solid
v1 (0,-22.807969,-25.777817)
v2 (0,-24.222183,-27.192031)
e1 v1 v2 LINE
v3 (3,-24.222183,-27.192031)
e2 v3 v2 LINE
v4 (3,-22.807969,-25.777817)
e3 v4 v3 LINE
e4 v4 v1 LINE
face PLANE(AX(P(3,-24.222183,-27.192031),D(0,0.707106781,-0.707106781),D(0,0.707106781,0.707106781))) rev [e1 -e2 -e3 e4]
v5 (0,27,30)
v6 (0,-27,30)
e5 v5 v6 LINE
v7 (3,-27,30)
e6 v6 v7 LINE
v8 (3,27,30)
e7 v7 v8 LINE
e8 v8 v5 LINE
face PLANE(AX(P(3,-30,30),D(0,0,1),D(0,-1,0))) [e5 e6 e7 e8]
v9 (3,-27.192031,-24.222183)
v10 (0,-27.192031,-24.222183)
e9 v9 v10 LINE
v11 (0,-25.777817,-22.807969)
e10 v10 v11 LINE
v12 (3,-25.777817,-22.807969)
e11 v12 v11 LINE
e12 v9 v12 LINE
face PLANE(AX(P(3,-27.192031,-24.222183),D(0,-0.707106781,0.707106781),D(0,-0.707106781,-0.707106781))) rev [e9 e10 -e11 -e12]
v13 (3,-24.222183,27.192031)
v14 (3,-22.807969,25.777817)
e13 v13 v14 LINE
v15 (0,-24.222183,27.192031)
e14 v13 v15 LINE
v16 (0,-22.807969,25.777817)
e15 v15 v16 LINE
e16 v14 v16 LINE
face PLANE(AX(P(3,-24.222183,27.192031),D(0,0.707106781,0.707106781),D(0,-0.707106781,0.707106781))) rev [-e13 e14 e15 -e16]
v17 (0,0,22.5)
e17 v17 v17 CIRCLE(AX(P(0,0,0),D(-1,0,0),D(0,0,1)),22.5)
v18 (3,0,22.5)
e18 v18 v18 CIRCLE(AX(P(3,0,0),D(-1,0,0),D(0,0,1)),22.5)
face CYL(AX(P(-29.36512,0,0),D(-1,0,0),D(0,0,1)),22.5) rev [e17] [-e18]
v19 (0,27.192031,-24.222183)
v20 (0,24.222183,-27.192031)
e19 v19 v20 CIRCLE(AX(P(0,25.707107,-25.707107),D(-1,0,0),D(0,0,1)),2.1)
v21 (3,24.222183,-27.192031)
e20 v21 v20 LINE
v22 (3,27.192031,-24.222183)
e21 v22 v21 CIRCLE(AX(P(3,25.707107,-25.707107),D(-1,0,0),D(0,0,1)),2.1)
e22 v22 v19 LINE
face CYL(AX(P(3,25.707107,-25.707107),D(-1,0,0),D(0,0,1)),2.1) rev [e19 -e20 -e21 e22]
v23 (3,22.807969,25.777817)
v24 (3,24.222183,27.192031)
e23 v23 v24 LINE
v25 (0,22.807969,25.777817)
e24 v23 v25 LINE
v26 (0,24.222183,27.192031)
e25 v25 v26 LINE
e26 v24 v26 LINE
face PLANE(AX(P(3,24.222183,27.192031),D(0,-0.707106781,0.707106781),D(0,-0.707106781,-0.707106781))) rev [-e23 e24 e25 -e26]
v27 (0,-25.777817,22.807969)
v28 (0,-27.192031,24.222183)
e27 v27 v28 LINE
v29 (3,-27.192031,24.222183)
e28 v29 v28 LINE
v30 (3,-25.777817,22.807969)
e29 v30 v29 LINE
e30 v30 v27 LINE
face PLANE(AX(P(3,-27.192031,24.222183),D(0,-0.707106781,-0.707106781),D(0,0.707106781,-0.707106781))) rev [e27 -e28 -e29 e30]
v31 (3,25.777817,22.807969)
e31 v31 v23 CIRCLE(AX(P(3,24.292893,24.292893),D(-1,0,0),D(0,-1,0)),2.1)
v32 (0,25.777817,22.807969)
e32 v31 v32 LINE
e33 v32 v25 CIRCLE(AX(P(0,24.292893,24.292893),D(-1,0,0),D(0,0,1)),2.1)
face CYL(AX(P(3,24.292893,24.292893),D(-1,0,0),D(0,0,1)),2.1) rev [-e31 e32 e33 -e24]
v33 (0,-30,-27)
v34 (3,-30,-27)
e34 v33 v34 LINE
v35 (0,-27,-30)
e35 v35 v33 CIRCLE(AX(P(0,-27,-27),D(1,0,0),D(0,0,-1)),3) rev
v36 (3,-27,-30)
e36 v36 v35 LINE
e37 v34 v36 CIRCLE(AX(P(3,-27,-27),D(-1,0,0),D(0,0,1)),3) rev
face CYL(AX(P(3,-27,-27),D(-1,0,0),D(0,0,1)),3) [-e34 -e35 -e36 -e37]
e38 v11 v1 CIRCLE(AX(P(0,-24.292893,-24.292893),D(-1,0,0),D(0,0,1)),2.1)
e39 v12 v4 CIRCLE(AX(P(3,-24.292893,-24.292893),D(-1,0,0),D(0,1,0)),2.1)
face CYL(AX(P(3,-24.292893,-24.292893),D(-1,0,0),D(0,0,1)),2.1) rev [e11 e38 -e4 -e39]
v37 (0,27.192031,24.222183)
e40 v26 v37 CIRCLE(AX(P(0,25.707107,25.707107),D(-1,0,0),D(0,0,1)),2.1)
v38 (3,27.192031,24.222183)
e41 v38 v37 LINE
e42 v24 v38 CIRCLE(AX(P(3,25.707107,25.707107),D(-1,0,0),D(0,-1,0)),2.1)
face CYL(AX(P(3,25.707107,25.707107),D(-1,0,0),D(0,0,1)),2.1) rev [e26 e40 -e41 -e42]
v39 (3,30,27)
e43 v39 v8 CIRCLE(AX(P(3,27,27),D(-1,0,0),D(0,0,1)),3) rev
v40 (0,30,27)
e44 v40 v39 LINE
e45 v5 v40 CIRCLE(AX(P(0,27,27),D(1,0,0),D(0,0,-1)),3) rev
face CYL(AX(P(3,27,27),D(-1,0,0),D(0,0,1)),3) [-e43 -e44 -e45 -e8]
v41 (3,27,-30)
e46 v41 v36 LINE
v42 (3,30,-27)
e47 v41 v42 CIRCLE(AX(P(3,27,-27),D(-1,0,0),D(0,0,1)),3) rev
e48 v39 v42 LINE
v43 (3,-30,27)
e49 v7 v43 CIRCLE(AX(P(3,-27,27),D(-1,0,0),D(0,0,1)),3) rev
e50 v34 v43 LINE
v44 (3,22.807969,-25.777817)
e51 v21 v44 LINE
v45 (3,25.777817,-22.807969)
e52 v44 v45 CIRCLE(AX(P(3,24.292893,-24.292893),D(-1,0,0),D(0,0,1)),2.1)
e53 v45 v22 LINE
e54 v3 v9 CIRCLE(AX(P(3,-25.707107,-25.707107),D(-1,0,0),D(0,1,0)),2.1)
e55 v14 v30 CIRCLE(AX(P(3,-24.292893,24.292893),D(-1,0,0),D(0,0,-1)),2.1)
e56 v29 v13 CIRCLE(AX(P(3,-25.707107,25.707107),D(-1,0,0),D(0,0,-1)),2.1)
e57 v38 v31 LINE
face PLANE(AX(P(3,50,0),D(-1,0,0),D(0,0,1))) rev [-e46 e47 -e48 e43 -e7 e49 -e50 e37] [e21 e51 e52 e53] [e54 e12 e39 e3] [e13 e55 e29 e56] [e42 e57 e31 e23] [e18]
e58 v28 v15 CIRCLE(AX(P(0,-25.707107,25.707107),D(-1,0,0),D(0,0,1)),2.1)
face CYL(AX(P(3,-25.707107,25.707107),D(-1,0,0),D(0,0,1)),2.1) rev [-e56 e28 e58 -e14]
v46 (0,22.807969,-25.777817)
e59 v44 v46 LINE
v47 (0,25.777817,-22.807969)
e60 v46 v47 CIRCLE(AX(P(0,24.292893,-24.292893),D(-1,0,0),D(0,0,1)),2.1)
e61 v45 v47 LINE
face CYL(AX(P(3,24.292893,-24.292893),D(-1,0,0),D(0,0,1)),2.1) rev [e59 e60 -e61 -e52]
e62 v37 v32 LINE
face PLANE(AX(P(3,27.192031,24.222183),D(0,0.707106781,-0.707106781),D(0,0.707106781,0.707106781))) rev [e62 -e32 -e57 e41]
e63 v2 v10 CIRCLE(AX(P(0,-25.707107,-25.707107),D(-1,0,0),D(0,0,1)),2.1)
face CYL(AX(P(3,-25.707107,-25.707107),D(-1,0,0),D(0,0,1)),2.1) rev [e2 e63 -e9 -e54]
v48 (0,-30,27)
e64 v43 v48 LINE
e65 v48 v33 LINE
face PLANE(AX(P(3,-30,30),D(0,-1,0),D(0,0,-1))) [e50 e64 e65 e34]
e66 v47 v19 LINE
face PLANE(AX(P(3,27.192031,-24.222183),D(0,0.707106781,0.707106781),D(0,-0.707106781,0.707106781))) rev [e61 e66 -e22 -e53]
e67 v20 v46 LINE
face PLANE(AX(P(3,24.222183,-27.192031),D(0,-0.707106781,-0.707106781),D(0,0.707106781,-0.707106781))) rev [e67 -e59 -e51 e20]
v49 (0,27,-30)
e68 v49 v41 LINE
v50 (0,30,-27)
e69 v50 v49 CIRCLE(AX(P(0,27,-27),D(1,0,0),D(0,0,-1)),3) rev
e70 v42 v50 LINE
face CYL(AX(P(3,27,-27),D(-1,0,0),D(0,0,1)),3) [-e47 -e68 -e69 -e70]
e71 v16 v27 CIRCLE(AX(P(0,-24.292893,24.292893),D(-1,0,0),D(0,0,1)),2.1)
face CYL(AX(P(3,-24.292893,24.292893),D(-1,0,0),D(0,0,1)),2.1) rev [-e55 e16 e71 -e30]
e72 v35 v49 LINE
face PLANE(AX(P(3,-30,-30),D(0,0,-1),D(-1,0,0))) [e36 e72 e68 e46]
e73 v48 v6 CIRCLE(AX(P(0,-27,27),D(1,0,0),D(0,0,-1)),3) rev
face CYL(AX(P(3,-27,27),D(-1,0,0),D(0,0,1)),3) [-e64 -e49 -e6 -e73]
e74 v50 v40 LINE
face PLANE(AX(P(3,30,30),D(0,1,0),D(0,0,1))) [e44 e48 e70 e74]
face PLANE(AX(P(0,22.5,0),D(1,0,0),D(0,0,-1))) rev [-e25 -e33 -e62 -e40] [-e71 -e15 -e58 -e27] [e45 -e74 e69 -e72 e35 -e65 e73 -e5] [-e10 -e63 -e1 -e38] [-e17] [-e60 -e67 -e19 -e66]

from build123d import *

# Parameters (mm, degrees)
SKETCH_1_W               = 3
SKETCH_1_H               = 27.5
CUT_EXTRUDE_4_DEPTH      = 71.774289117
CUT_EXTRUDE_4_DEPTH_BACK = 71.774289117
SKETCH_7_R               = 50
SKETCH_7_W               = 60
SKETCH_7_H               = 60
CUT_EXTRUDE_3_DEPTH      = 43.532340636
PATTERN_CIRCULAR_2_COUNT = 4
FILLET_1_R               = 3


with BuildPart() as part:
    # Эскиз1 → Повернуть1 (revolve)
    with BuildSketch(Plane.XY, mode=Mode.PRIVATE) as revolve_1_sk:
        with Locations((1.5, 36.25)):
            Rectangle(SKETCH_1_W, SKETCH_1_H)
    revolve(revolve_1_sk.sketch.rotate(Axis((-29.36512031, 0, 0), (1, 0, 0)), 90), axis=Axis((-29.36512031, 0, 0), (1, 0, 0)))

    # Эскиз7 → Вырез-Вытянуть4 (cut, two sides: drawn at the far end of the back side and taken through both)
    with BuildSketch(Plane.ZY.offset(-CUT_EXTRUDE_4_DEPTH_BACK)):
        Circle(SKETCH_7_R)
        Rectangle(SKETCH_7_W, SKETCH_7_H, mode=Mode.SUBTRACT)
    extrude(amount=CUT_EXTRUDE_4_DEPTH + CUT_EXTRUDE_4_DEPTH_BACK, mode=Mode.SUBTRACT)

    # Эскиз6 → Вырез-Вытянуть3 (cut, symmetric)
    with BuildSketch(Plane.ZY):
        with BuildLine():
            Line((-27.192031022, 24.222182541), (-25.777817459, 22.807968978))
            ThreePointArc((-25.777817459, 22.807968978), (-22.807968978, 22.807968978), (-22.807968978, 25.777817459))
            Line((-22.807968978, 25.777817459), (-24.222182541, 27.192031022))
            ThreePointArc((-24.222182541, 27.192031022), (-27.192031022, 27.192031022), (-27.192031022, 24.222182541))
        make_face()
    cut_extrude_3 = extrude(amount=CUT_EXTRUDE_3_DEPTH, both=True, mode=Mode.SUBTRACT)

    # Круговой массив2: Вырез-Вытянуть3 ×4 about axis
    pattern_circular_2_axis = Axis((0, 0, 0), (1, 0, 0))
    for i in range(1, PATTERN_CIRCULAR_2_COUNT):
        add(cut_extrude_3.rotate(pattern_circular_2_axis, i * 360 / PATTERN_CIRCULAR_2_COUNT), mode=Mode.SUBTRACT)

    # Скругление1
    fillet_1_edges = [part.edges().sort_by_distance(p)[0] for p in [
        (1.5, 30, -30),
        (1.5, 30, 30),
        (1.5, -30, 30),
        (1.5, -30, -30),
    ]]
    fillet(fillet_1_edges, radius=FILLET_1_R)


solid = part.part
